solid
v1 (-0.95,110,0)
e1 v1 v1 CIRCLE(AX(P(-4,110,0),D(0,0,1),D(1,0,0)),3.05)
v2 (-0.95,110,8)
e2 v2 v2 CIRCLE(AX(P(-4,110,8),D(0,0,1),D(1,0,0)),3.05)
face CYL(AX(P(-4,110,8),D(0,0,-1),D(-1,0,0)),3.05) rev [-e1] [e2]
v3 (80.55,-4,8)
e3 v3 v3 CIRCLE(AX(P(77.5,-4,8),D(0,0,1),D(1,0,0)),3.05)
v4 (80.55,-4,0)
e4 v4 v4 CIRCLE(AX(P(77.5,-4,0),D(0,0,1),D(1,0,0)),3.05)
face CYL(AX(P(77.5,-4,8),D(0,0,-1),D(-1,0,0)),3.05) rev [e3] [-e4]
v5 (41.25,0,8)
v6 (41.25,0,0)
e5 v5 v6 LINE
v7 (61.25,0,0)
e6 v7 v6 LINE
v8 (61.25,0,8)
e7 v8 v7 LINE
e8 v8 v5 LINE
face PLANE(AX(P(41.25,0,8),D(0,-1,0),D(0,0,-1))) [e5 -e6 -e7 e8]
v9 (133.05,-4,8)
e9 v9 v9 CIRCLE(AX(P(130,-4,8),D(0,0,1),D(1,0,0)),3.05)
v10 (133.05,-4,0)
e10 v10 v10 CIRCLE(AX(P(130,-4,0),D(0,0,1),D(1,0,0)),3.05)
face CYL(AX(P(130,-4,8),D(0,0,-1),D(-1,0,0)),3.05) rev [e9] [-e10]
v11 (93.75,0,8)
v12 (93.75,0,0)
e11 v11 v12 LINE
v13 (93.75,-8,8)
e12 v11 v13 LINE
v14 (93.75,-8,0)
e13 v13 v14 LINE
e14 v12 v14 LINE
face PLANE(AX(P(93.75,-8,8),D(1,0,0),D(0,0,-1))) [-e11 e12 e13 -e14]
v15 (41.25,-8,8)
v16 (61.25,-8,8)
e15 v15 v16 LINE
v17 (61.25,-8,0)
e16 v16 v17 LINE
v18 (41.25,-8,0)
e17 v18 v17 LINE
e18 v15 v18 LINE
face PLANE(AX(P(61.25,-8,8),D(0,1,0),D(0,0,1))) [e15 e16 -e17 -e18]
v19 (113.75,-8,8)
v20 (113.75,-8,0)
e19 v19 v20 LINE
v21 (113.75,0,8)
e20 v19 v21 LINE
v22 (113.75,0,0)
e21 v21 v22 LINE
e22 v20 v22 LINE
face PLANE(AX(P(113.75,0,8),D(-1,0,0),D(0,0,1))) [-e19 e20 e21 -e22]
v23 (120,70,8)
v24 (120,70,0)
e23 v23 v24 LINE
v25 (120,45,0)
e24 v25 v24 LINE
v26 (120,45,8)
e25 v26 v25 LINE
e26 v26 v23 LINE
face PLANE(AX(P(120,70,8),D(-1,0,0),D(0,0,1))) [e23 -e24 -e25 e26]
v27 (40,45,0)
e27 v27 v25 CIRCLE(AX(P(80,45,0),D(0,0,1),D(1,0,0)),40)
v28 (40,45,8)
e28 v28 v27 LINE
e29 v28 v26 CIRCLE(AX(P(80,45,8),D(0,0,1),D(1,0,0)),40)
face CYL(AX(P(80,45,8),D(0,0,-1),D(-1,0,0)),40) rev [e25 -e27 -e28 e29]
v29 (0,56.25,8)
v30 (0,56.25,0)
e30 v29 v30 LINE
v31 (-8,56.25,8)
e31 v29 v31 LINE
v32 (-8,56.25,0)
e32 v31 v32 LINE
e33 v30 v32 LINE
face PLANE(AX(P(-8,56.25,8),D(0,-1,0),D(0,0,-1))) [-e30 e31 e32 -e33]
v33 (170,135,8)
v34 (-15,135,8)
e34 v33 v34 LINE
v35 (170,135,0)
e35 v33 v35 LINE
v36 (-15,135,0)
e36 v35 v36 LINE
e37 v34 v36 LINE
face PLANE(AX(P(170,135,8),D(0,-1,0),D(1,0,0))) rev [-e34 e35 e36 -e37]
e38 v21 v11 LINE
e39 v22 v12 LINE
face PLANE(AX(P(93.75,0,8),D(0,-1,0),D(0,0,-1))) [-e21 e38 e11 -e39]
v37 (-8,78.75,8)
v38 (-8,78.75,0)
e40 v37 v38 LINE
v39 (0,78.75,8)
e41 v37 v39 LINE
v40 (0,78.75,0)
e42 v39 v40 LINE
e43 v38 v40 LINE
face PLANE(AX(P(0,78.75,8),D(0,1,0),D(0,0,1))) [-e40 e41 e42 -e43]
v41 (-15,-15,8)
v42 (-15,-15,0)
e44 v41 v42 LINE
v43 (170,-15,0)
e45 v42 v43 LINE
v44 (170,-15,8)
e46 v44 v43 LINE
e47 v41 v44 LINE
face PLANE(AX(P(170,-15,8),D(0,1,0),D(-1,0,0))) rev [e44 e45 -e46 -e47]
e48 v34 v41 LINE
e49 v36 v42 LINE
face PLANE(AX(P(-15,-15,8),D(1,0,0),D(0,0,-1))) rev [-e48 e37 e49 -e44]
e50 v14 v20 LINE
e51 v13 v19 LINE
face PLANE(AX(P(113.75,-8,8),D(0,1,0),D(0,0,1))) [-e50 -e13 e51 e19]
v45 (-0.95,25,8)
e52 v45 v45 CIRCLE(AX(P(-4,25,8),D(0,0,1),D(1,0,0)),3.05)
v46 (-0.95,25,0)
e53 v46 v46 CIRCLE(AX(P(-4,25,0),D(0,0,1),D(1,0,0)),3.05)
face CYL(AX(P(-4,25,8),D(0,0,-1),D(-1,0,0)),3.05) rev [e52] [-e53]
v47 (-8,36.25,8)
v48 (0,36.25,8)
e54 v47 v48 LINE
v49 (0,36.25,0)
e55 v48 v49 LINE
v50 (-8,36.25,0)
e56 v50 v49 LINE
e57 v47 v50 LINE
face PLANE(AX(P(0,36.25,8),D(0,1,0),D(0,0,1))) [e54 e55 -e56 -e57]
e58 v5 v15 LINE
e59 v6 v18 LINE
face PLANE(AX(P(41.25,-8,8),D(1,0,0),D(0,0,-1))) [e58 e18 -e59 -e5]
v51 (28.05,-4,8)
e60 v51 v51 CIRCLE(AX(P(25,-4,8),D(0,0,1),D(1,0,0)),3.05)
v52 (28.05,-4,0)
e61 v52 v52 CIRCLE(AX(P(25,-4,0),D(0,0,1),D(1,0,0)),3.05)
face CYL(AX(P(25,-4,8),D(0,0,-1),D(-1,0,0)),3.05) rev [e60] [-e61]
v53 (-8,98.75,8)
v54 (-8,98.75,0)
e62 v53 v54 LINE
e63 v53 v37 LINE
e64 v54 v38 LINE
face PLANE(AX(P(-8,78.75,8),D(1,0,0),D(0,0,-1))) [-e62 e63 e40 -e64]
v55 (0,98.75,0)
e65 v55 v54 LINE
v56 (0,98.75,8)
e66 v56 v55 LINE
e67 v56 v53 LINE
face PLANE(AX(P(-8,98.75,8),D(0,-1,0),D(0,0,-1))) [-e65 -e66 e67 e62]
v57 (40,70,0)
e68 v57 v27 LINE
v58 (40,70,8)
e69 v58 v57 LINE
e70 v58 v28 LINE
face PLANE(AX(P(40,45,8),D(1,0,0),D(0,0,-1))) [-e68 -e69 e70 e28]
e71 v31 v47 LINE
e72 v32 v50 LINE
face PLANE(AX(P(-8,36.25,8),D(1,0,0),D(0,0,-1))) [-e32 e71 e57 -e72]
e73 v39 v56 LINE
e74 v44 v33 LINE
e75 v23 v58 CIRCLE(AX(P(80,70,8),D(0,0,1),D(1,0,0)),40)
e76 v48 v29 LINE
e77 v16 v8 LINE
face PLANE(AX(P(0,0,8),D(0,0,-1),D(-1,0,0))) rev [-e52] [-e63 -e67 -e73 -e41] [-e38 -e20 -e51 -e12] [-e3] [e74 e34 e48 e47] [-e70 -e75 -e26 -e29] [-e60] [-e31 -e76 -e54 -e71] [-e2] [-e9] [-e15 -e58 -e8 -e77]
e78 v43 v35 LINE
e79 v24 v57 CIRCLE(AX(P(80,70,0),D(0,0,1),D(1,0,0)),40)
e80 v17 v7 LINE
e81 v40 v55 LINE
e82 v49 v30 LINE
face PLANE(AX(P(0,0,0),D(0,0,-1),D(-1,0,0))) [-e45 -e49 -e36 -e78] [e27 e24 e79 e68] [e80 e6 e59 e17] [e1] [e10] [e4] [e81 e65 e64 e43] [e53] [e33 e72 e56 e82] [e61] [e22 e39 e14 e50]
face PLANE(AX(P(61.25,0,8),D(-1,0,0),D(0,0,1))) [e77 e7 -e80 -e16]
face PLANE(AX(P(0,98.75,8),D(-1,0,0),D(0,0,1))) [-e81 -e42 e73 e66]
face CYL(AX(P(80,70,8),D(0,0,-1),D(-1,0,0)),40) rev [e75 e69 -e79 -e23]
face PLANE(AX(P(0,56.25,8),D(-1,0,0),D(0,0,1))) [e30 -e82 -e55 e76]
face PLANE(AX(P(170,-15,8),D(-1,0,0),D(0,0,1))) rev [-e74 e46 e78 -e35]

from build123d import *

# Parameters (mm, degrees)
MODEL_W             = 185
MODEL_H             = 150
MODEL_R             = 3.05
MODEL_W_2           = 20
MODEL_H_2           = 8
MODEL_W_3           = 8
MODEL_H_3           = 20
BOSS_EXTRUDE1_DEPTH = 8


with BuildPart() as part:
    # Model → Boss-Extrude1 (new body)
    with BuildSketch(Plane.XY):
        with Locations((77.5, 60)):
            Rectangle(MODEL_W, MODEL_H)
        with Locations((77.5, -4)):
            Circle(MODEL_R, mode=Mode.SUBTRACT)
        with Locations((-4, 110)):
            Circle(MODEL_R, mode=Mode.SUBTRACT)
        with Locations((-4, 25)):
            Circle(MODEL_R, mode=Mode.SUBTRACT)
        with Locations((25, -4)):
            Circle(MODEL_R, mode=Mode.SUBTRACT)
        with Locations((130, -4)):
            Circle(MODEL_R, mode=Mode.SUBTRACT)
        with Locations((51.25, -4)):
            Rectangle(MODEL_W_2, MODEL_H_2, mode=Mode.SUBTRACT)
        with Locations((103.75, -4)):
            Rectangle(MODEL_W_2, MODEL_H_2, mode=Mode.SUBTRACT)
        with BuildLine():
            Line((40, 45), (40, 70))
            ThreePointArc((40, 70), (80, 110), (120, 70))
            Line((120, 70), (120, 45))
            ThreePointArc((120, 45), (80, 5), (40, 45))
        make_face(mode=Mode.SUBTRACT)
        with Locations((-4, 88.75)):
            Rectangle(MODEL_W_3, MODEL_H_3, mode=Mode.SUBTRACT)
        with Locations((-4, 46.25)):
            Rectangle(MODEL_W_3, MODEL_H_3, mode=Mode.SUBTRACT)
    extrude(amount=BOSS_EXTRUDE1_DEPTH)


solid = part.part
